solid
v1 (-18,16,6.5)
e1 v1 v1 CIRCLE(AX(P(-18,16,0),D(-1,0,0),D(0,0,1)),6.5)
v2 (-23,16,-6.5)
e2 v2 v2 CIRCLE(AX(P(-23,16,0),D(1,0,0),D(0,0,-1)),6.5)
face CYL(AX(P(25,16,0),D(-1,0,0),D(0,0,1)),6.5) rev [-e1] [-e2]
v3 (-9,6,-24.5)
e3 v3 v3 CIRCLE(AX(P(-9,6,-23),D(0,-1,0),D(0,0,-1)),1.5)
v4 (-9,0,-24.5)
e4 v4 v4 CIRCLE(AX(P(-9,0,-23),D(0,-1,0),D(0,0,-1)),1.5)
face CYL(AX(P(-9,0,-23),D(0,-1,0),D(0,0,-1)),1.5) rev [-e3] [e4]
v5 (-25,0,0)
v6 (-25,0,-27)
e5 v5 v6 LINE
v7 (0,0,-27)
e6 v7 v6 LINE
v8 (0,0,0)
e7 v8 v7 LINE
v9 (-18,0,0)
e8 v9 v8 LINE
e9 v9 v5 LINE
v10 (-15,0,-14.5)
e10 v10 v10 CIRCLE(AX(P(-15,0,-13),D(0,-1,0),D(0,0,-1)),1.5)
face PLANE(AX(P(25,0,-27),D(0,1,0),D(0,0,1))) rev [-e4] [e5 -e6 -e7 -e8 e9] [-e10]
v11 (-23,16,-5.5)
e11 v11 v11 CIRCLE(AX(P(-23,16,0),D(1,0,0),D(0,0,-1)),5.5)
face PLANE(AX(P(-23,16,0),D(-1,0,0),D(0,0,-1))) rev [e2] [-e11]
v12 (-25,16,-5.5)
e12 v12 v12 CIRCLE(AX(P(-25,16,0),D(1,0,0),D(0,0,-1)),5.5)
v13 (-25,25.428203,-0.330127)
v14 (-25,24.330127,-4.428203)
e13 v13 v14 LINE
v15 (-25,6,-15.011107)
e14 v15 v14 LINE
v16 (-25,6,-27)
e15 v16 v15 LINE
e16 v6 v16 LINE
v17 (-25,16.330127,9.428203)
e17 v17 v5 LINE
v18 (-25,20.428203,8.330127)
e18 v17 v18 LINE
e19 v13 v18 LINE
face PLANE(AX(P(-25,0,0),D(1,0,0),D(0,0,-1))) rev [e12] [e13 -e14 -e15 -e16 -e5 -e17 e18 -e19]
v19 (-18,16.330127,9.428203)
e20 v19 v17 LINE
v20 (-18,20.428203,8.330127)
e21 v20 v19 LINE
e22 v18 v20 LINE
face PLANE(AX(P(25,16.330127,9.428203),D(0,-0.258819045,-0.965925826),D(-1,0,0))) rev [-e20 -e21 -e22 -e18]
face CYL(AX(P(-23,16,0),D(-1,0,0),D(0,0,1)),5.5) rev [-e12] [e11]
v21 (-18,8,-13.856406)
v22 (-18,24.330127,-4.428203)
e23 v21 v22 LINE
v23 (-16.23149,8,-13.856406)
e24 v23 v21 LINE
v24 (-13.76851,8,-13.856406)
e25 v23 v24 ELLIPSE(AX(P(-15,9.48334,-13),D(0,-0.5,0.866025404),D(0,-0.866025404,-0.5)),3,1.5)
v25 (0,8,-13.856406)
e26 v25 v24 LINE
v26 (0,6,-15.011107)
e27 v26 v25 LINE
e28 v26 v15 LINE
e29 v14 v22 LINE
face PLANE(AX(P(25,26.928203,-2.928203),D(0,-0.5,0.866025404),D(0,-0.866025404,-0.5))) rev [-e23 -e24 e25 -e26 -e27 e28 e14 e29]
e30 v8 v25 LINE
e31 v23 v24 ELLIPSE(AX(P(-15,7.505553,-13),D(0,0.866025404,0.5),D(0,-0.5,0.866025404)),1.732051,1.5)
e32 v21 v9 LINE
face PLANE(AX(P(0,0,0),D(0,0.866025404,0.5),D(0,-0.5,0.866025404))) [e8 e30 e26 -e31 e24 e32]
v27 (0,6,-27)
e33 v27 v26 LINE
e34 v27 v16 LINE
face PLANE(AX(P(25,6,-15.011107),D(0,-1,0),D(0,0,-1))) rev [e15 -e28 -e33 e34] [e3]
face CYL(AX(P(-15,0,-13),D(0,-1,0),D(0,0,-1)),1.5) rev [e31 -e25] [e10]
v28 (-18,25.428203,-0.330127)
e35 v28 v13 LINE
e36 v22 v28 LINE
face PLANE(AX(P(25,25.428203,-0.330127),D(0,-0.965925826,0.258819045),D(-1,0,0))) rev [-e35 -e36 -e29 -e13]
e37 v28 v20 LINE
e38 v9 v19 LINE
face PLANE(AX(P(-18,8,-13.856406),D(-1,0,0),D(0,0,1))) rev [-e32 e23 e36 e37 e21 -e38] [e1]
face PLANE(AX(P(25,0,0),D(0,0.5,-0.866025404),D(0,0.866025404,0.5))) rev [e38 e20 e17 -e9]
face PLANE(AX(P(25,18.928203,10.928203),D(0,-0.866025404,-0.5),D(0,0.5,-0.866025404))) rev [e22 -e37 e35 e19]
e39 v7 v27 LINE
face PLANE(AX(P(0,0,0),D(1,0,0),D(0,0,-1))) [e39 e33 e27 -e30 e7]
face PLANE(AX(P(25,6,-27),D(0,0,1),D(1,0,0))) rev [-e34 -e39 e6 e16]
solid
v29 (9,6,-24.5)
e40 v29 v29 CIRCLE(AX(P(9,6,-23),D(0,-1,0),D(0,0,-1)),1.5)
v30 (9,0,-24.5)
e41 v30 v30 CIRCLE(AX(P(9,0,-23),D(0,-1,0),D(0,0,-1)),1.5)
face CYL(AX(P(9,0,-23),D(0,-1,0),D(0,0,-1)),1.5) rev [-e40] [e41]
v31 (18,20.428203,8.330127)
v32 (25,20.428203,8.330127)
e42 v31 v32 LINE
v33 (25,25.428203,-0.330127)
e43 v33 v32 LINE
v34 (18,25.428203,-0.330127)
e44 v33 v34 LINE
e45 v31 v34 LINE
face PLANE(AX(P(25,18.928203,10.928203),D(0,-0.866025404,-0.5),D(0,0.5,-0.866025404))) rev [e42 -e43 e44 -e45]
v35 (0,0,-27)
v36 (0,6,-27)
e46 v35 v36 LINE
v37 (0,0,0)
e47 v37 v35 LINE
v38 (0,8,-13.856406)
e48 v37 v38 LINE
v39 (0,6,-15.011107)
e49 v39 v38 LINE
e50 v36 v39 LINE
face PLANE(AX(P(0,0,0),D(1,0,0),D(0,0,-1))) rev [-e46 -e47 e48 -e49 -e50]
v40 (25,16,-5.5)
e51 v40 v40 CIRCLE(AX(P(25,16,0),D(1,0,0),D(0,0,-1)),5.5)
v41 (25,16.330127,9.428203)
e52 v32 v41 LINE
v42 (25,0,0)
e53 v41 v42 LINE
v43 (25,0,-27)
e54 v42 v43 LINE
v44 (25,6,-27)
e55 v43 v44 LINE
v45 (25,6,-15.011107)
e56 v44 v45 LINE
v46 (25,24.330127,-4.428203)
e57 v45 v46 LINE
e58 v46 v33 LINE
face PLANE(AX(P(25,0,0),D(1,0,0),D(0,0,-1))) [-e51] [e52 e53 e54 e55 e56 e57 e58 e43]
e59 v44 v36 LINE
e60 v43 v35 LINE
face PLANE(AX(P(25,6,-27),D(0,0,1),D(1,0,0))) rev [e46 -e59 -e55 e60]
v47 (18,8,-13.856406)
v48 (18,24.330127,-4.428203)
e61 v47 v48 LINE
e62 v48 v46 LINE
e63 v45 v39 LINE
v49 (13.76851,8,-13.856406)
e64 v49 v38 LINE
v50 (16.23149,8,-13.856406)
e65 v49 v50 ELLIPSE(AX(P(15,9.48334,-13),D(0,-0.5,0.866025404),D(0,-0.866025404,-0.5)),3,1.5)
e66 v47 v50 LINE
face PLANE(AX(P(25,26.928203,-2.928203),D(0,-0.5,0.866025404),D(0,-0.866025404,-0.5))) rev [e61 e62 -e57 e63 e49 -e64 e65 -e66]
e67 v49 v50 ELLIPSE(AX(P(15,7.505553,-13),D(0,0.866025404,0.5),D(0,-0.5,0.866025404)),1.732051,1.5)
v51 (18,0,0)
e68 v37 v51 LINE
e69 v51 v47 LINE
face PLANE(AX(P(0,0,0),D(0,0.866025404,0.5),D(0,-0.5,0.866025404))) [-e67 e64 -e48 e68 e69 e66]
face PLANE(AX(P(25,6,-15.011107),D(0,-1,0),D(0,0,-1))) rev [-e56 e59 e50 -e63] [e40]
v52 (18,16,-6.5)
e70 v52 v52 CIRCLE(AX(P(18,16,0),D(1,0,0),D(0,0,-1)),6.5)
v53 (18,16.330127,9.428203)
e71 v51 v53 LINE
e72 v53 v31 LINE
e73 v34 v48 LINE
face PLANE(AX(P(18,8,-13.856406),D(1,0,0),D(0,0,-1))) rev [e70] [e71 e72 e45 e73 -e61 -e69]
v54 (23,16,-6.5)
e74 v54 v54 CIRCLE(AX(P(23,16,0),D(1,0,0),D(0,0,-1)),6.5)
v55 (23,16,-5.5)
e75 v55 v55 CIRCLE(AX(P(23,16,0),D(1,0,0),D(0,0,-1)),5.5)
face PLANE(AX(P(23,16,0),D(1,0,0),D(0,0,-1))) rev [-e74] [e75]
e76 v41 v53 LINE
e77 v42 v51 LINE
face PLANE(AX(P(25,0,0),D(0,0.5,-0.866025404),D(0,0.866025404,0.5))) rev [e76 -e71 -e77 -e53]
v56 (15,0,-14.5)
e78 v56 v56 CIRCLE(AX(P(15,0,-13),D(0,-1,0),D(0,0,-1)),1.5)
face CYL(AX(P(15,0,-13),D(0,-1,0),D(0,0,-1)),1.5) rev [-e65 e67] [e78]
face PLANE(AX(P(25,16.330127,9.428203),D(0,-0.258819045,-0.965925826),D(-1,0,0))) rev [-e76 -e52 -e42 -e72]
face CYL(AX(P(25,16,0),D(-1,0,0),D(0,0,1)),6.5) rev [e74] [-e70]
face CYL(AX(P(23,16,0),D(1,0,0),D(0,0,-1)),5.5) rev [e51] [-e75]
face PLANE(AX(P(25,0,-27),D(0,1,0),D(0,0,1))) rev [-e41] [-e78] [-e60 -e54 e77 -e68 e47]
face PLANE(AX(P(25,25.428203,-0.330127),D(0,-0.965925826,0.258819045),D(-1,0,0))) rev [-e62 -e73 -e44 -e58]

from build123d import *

# Parameters (mm, degrees)
SKETCH_1_R          = 6.5
EXTRUDE_1_DEPTH     = 25
CHAMFER_1_SIZE      = 3
CUT_EXTRUDE_START   = -21.856406
SKETCH_2_W          = 36
SKETCH_2_H          = 16
CUT_EXTRUDE_1_DEPTH = 21.856406
EXTRUDE_START       = -2
SKETCH_3_R          = 6.5
SKETCH_3_R_2        = 5.5
EXTRUDE_2_DEPTH     = 2
HOLE_WIZARD_M3_1_D  = 3


with BuildPart() as part:
    # 草图1 → 凸台-拉伸1 (new, symmetric)
    with BuildSketch(Plane(origin=(0, 0, 0), x_dir=(0, 0, -1), z_dir=(1, 0, 0))):
        Polygon((0, 0), (-10.92820323, 18.92820323), (2.92820323, 26.92820323), (15.011106999, 6), (27, 6), (27, 0), align=None)
        with Locations((0, 16)):
            Circle(SKETCH_1_R, mode=Mode.SUBTRACT)
    extrude(amount=EXTRUDE_1_DEPTH, both=True)

    # 倒角1
    chamfer_1_edges = [part.edges().sort_by_distance(p)[0] for p in [
        (0, 18.92820323, 10.92820323),
        (0, 26.92820323, -2.92820323),
    ]]
    chamfer(chamfer_1_edges, length=CHAMFER_1_SIZE)

    # 草图2 → 切除-拉伸1 (cut)
    with BuildSketch(Plane(origin=(0, 18.92820323, 10.92820323), x_dir=(1, 0, 0), z_dir=(0, 0.8660254037844396, 0.49999999999999845)).offset(CUT_EXTRUDE_START)):
        with Locations((0, 8)):
            Rectangle(SKETCH_2_W, SKETCH_2_H)
    extrude(amount=CUT_EXTRUDE_1_DEPTH, mode=Mode.SUBTRACT)

    # 草图3 → 凸台-拉伸2 (add)
    with BuildSketch(Plane(origin=(25, 0, 0), x_dir=(0, 0, -1), z_dir=(1, 0, 0)).offset(EXTRUDE_START)):
        with Locations((0, 16)):
            Circle(SKETCH_3_R)
        with Locations((0, 16)):
            Circle(SKETCH_3_R_2, mode=Mode.SUBTRACT)
    extrude_2 = extrude(amount=EXTRUDE_2_DEPTH)

    # 镜向1: 凸台-拉伸2 across plane
    add(extrude_2.mirror(Plane(origin=(0, 0, 0), x_dir=(0, 0, 1), z_dir=(1, 0, 0))))

    # M3 螺纹孔1 (through all)
    with Locations(Plane(origin=(0, 0, 0), x_dir=(-1, 0, 0), z_dir=(0, -1, 0))):
        with Locations((-15, 13), (-9, 23), (9, 23), (15, 13)):
            Hole(HOLE_WIZARD_M3_1_D / 2)


with BuildPart() as body_2:
    # Split Bodies 1: the piece on the far side of the plane
    add(part.part)
    split(bisect_by=Plane(origin=(0, 0, 0), x_dir=(0, 0, 1), z_dir=(1, 0, 0)), keep=Keep.BOTTOM)


with BuildPart() as part_1:
    add(part.part)

    # Split Bodies 1
    split(bisect_by=Plane(origin=(0, 0, 0), x_dir=(0, 0, 1), z_dir=(1, 0, 0)), keep=Keep.TOP)


solid = Compound([body_2.part, part_1.part])
